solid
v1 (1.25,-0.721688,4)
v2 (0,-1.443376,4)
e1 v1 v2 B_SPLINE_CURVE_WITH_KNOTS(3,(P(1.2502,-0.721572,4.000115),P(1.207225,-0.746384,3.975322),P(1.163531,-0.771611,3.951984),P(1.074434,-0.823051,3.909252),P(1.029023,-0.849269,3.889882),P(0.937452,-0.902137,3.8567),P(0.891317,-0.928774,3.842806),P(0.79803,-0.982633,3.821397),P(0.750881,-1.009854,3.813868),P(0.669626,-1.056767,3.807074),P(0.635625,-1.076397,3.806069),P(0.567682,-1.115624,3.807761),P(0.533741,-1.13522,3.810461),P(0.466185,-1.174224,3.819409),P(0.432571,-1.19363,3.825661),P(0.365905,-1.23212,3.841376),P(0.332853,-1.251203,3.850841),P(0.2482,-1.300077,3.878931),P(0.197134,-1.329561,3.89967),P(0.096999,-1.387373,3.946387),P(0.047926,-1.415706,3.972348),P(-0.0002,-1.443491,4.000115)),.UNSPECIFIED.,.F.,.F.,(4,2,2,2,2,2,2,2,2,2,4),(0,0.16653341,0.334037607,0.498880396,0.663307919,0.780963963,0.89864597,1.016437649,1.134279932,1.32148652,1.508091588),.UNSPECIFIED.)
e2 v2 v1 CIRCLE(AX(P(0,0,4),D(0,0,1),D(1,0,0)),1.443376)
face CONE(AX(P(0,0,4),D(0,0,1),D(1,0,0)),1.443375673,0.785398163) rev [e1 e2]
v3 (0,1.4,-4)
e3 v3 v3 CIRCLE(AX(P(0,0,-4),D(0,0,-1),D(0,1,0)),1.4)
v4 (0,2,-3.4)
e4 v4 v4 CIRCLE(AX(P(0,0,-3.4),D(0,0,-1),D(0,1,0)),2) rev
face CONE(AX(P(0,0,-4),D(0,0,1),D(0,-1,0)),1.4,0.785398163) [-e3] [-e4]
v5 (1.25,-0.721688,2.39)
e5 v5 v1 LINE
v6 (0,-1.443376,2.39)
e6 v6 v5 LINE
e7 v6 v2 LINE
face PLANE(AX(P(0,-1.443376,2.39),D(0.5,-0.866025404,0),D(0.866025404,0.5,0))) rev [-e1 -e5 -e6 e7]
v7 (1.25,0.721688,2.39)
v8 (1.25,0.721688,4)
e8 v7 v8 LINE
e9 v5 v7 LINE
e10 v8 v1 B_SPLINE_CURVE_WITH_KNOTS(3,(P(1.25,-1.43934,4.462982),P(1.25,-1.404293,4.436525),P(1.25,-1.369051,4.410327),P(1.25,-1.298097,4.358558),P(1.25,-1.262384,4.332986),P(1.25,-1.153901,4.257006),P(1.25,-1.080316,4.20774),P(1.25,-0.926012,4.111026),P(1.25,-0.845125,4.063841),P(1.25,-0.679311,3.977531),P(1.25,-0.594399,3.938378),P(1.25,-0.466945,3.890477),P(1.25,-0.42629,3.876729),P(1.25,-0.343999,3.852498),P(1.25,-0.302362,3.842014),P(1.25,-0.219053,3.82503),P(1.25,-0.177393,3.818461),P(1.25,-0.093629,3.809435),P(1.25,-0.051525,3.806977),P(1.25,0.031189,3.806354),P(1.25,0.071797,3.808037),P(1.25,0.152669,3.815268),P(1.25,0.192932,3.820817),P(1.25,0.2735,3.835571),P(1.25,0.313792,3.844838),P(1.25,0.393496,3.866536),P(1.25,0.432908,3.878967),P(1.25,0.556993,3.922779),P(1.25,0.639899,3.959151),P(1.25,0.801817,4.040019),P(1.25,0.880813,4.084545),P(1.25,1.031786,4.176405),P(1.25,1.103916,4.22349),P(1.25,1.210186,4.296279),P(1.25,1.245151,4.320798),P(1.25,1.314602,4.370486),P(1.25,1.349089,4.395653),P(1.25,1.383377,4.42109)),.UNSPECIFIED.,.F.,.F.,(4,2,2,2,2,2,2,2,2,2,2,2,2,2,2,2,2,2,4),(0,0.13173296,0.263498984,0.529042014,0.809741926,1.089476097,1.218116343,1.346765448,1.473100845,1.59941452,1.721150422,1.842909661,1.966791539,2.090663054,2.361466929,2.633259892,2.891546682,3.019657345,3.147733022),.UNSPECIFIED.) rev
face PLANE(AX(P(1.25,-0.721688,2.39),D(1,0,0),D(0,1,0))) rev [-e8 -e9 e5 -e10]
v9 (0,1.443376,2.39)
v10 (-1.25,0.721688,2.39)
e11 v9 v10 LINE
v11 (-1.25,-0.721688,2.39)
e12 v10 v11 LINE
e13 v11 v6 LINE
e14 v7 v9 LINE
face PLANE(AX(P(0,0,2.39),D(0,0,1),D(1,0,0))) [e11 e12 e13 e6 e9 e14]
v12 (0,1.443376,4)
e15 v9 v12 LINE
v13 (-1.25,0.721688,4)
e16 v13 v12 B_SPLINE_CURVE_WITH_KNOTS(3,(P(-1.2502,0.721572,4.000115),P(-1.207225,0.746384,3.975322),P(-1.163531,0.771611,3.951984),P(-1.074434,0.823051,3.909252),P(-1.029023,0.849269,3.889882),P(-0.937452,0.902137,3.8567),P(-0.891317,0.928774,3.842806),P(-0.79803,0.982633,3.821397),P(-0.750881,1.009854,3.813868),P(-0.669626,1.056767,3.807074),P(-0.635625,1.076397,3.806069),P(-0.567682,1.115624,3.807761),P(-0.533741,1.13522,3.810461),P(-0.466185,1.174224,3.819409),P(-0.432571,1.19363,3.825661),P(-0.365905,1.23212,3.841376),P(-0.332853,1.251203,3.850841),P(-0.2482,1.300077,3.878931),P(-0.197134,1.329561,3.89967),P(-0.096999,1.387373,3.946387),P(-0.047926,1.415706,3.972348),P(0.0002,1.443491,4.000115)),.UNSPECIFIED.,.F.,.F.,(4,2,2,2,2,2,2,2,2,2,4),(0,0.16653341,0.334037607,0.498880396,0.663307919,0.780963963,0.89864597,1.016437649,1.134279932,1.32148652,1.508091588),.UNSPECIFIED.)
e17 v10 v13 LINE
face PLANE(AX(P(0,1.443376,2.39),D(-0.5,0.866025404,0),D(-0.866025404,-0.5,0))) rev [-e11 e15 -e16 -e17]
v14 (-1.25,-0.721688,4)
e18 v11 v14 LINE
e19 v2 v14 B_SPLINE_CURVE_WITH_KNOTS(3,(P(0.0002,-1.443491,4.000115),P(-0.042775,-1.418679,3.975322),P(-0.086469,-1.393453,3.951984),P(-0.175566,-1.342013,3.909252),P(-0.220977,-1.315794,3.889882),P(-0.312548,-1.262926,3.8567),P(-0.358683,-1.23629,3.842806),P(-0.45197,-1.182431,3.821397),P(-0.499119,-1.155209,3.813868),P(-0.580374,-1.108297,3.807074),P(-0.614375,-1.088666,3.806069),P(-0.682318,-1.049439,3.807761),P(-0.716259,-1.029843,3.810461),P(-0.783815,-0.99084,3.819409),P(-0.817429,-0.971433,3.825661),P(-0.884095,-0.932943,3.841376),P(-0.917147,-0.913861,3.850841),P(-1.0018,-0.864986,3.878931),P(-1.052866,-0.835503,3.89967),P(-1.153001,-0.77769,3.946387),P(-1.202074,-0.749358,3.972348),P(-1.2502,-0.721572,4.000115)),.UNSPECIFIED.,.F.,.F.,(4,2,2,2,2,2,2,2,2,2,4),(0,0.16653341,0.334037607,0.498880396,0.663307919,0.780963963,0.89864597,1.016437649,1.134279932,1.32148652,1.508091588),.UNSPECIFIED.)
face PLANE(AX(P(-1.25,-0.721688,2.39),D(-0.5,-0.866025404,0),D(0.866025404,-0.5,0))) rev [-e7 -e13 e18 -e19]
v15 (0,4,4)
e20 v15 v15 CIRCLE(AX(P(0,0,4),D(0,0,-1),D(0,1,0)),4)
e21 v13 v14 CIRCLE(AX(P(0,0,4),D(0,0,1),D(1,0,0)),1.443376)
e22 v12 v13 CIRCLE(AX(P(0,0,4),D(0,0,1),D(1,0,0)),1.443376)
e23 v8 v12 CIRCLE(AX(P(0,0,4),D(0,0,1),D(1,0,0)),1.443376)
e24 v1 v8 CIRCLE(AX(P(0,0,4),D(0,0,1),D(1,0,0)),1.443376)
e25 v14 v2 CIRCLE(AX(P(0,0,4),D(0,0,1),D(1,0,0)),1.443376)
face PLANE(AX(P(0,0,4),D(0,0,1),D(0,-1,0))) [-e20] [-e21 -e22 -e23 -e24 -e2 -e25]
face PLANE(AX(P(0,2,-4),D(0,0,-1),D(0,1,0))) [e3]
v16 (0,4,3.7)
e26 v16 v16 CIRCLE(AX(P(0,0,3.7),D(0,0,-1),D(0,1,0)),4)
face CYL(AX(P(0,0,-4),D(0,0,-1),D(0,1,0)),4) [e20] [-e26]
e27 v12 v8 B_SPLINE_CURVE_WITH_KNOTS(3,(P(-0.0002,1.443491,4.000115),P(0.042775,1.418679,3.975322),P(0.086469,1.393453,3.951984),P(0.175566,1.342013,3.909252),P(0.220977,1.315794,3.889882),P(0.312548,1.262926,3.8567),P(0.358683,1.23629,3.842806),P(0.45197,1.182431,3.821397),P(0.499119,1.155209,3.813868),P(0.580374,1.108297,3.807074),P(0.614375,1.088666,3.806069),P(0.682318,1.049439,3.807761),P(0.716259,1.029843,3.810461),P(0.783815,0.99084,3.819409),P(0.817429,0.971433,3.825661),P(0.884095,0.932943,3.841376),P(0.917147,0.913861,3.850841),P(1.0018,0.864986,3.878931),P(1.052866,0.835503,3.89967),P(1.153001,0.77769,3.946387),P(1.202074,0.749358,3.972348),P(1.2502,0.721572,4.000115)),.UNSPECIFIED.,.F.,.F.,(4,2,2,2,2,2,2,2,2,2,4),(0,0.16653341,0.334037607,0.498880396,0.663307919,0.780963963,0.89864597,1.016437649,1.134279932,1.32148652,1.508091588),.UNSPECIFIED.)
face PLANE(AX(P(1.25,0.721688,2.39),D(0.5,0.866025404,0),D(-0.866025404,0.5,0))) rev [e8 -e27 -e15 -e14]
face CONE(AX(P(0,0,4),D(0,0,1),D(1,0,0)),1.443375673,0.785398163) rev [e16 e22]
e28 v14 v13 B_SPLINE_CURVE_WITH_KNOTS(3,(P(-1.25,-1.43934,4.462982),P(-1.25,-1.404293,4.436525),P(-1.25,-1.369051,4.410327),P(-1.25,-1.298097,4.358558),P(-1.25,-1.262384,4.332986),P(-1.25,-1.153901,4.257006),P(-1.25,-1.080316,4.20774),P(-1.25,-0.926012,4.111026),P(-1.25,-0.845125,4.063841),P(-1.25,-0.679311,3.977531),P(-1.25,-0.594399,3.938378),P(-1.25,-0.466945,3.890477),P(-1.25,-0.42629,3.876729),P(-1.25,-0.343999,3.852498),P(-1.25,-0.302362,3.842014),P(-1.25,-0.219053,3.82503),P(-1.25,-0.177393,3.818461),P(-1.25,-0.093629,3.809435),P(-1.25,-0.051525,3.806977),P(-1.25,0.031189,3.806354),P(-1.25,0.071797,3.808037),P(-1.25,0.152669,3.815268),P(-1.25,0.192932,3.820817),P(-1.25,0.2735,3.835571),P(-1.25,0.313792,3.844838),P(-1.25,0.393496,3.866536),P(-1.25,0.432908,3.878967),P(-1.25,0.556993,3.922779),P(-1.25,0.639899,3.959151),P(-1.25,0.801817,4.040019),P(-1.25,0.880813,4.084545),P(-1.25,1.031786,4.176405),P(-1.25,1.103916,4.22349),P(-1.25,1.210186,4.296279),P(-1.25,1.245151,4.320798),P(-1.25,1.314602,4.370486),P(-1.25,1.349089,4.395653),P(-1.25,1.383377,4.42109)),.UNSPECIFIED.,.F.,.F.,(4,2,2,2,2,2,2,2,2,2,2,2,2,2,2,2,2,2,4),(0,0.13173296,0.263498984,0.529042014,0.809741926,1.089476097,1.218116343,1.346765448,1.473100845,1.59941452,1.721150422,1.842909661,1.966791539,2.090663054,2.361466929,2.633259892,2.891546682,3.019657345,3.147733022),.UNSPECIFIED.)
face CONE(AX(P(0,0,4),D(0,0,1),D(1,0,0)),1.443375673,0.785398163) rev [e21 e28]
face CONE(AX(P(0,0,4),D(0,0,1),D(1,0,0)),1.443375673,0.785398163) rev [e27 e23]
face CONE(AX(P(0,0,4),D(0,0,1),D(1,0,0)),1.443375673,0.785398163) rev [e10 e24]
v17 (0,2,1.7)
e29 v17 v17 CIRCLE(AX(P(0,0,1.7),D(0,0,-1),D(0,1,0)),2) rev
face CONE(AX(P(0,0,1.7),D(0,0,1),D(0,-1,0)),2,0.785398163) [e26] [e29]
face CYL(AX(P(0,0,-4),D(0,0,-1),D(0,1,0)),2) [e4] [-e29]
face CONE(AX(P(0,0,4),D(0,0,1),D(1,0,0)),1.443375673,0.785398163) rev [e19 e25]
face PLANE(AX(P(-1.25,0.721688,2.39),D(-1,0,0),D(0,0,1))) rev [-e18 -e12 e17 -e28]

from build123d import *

# Parameters (mm, degrees)
SKETCH3_W          = 8
SKETCH3_H          = 2
CHAMFER1_SIZE      = 0.6
CUT_EXTRUDE1_DEPTH = 1.61
SKETCH9_R          = 1.443375673
CUT_EXTRUDE2_DEPTH = 1.61
CUT_EXTRUDE2_DRAFT = -45


with BuildPart() as part:
    # Sketch3 → Revolve1 (revolve)
    with BuildSketch(Plane(origin=(0, 0, 0), x_dir=(0, 0, -1), z_dir=(1, 0, 0))):
        with Locations((0, 1)):
            Rectangle(SKETCH3_W, SKETCH3_H)
    revolve(axis=Axis((0, 0, -4), (0, 0, 1)))

    # Chamfer1
    chamfer1_edges = [part.edges().sort_by_distance(p)[0] for p in [
        (0, -2, -4),
    ]]
    chamfer(chamfer1_edges, length=CHAMFER1_SIZE)

    # Sketch6 → Revolve2 (revolve)
    with BuildSketch(Plane(origin=(0, 0, 0), x_dir=(0, 0, -1), z_dir=(1, 0, 0))):
        Polygon((-4, 4), (-3.7, 4), (-1.7, 2), (-1.7, 0), (-4, 0), align=None)
    revolve(axis=Axis((0, 0, -4), (0, 0, 1)))

    # Sketch8 → Cut-Extrude1 (cut)
    with BuildSketch(Plane.XY.offset(4)):
        Polygon((0, 1.443375673), (-1.25, 0.721687836), (-1.25, -0.721687836), (0, -1.443375673), (1.25, -0.721687836), (1.25, 0.721687836), align=None)
    extrude(amount=-CUT_EXTRUDE1_DEPTH, mode=Mode.SUBTRACT)


with BuildPart() as cut_extrude2_tool:
    # Sketch9 → Cut-Extrude2 (with draft: the straight prism first)
    with BuildSketch(Plane.XY.offset(4)):
        Circle(SKETCH9_R)
    extrude(amount=-CUT_EXTRUDE2_DEPTH)
    # Cut-Extrude2: the draft: its side faces are tilted about the plane it starts from
    cut_extrude2_sides = [cut_extrude2_tool.faces().sort_by_distance(p)[0] for p in [
        (-1.443375673, 0, 3.195),
    ]]
    draft(cut_extrude2_sides, Plane.XY.offset(4), CUT_EXTRUDE2_DRAFT)


with BuildPart() as part_1:
    add(part.part)

    # Cut-Extrude2: cut by cut_extrude2_tool
    add(cut_extrude2_tool.part, mode=Mode.SUBTRACT)


solid = part_1.part
